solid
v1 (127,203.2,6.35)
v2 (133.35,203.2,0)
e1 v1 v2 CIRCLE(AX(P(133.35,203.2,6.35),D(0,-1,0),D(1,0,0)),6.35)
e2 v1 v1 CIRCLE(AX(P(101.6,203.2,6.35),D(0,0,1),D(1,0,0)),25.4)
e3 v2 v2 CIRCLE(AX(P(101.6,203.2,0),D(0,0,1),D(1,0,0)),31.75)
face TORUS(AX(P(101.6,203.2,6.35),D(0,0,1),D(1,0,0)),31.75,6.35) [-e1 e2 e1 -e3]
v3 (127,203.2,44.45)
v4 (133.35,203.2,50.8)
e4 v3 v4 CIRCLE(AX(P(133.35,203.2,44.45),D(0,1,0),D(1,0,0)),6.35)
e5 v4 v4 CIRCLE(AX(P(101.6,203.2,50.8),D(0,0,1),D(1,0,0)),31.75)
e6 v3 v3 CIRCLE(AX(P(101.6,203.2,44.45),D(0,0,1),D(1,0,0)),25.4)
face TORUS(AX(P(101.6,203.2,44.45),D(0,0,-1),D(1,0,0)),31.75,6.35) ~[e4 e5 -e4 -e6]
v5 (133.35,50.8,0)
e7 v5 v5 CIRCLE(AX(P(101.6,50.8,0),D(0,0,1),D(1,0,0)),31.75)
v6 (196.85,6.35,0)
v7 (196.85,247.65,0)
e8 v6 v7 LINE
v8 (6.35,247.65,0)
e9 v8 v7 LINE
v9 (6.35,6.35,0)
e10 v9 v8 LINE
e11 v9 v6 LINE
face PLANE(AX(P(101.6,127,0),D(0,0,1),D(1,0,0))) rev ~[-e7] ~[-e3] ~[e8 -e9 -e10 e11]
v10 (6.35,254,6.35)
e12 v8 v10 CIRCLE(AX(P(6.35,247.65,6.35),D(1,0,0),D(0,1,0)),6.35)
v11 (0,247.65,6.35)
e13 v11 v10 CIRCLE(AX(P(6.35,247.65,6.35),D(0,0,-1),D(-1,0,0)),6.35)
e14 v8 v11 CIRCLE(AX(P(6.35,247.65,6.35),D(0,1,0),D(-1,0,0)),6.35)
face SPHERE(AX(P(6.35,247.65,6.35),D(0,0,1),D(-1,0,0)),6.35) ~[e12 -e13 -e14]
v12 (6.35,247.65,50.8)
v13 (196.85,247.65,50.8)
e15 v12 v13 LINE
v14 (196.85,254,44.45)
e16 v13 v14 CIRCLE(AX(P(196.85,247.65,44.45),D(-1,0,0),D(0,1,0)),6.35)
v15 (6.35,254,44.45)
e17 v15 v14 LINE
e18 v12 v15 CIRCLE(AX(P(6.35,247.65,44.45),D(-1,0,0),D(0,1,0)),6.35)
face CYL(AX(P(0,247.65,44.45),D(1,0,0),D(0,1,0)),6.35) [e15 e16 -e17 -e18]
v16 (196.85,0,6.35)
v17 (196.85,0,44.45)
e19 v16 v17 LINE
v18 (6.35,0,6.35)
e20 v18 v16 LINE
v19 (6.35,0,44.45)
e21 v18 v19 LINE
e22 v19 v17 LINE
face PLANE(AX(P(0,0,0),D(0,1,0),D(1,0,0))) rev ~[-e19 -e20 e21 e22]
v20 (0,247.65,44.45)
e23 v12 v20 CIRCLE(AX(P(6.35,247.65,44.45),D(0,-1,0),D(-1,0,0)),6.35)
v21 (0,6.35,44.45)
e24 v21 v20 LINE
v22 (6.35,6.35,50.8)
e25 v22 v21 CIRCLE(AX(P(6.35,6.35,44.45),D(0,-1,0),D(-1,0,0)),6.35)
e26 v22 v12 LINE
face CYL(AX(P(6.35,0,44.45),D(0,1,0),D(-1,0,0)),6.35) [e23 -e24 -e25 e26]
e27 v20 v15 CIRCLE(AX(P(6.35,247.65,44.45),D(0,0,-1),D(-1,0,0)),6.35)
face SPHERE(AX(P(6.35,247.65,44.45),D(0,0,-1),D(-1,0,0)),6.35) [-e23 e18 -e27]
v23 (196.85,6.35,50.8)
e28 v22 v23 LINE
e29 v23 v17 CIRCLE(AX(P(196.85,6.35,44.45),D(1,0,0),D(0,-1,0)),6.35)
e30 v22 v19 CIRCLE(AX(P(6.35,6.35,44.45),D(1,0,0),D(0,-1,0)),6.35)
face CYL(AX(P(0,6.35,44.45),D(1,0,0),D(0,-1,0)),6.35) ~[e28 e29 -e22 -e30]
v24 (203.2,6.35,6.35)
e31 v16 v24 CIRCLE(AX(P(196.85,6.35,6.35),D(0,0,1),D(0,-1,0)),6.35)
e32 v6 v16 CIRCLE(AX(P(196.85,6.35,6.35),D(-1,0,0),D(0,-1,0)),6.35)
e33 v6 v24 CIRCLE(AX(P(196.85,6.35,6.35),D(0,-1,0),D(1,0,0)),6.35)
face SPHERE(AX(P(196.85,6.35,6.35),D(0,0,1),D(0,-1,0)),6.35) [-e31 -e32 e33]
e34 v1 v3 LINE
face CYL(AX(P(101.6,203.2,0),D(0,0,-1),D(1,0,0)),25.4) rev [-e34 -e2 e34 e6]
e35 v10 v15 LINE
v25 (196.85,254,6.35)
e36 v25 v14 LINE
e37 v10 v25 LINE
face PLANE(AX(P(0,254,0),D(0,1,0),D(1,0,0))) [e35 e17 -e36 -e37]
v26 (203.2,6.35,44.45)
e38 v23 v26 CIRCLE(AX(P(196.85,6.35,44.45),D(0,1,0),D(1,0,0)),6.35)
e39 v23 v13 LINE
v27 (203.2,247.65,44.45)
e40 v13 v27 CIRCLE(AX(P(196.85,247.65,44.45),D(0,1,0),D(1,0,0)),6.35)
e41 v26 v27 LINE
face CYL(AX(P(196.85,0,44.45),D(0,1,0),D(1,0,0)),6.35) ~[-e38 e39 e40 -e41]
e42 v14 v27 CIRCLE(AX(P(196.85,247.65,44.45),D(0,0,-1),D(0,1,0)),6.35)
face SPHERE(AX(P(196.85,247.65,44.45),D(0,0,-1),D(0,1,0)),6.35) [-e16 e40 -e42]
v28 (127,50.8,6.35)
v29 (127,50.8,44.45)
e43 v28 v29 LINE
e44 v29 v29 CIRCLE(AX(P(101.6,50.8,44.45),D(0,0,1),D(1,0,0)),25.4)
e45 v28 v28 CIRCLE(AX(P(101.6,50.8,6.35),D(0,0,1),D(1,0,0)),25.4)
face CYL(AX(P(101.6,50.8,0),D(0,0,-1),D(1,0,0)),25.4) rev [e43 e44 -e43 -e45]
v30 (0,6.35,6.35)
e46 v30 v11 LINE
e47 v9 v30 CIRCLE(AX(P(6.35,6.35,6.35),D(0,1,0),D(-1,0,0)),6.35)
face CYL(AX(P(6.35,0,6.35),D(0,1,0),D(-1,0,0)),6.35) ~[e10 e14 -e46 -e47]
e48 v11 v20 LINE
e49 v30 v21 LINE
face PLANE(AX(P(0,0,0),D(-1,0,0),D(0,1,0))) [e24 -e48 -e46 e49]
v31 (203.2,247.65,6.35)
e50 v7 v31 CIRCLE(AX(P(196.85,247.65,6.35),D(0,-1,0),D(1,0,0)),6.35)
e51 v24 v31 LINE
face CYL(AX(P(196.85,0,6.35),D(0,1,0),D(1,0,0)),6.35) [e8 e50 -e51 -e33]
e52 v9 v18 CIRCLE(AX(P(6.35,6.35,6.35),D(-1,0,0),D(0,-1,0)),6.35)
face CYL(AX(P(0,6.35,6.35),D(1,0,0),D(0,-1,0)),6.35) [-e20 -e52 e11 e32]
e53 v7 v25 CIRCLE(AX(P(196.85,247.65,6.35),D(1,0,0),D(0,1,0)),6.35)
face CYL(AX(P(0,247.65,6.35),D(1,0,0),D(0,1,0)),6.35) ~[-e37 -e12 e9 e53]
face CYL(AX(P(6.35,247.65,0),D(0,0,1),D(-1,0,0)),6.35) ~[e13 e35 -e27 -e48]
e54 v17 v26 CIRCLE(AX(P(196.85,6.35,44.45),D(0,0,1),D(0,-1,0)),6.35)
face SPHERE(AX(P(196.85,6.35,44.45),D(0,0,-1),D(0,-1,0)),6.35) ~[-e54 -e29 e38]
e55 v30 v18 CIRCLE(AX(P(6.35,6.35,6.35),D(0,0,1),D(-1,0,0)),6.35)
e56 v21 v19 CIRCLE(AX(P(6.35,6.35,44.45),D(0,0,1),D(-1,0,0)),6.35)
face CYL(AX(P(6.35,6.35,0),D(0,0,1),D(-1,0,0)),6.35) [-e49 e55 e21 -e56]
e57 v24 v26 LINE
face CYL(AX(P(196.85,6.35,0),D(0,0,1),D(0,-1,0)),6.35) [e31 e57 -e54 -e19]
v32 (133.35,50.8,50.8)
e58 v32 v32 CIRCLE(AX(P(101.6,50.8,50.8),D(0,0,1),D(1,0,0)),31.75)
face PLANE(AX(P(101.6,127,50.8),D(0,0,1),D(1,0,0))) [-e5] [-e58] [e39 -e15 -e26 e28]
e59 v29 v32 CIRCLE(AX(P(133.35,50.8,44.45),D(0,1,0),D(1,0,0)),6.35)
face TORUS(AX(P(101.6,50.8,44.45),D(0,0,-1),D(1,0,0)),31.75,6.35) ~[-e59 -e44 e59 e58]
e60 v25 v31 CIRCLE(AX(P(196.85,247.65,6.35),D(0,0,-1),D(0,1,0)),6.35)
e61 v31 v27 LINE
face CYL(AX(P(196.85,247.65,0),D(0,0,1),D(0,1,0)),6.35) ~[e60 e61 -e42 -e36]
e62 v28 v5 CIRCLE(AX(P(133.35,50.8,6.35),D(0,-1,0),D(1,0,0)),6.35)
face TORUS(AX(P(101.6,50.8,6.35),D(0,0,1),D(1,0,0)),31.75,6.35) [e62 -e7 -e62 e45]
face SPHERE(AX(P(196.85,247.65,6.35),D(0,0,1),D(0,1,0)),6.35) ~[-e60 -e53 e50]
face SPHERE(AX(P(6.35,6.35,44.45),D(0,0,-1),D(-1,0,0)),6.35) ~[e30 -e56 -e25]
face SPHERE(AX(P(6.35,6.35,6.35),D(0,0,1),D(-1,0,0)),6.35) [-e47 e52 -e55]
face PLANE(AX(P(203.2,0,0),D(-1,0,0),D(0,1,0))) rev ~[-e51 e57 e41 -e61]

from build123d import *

# Parameters (mm, degrees)
F0_W     = 203.2
F0_H     = 254
F0_R     = 25.4
F1_DEPTH = 50.8
F2_R     = 6.35


with BuildPart() as f1:
    # F0 (on Top) → F1 (new body)
    with BuildSketch(Plane.XY):
        with Locations((101.6, 127)):
            Rectangle(F0_W, F0_H)
        with Locations((101.6, 50.8)):
            Circle(F0_R, mode=Mode.SUBTRACT)
        with Locations((101.6, 203.2)):
            Circle(F0_R, mode=Mode.SUBTRACT)
    extrude(amount=F1_DEPTH)

    # F2
    f2_edges = [f1.edges().sort_by_distance(p)[0] for p in [
        (0, 254, 25.4),
        (0, 0, 25.4),
        (0, 127, 0),
        (0, 127, 50.8),
        (203.2, 254, 25.4),
        (101.6, 254, 0),
        (101.6, 254, 50.8),
        (76.2, 203.2, 50.8),
        (76.2, 50.8, 50.8),
        (127, 50.8, 25.4),
        (76.2, 50.8, 0),
        (127, 203.2, 25.4),
        (76.2, 203.2, 0),
        (203.2, 0, 25.4),
        (101.6, 0, 0),
        (101.6, 0, 50.8),
        (203.2, 127, 0),
        (203.2, 127, 50.8),
    ]]
    fillet(f2_edges, radius=F2_R)


solid = f1.part
